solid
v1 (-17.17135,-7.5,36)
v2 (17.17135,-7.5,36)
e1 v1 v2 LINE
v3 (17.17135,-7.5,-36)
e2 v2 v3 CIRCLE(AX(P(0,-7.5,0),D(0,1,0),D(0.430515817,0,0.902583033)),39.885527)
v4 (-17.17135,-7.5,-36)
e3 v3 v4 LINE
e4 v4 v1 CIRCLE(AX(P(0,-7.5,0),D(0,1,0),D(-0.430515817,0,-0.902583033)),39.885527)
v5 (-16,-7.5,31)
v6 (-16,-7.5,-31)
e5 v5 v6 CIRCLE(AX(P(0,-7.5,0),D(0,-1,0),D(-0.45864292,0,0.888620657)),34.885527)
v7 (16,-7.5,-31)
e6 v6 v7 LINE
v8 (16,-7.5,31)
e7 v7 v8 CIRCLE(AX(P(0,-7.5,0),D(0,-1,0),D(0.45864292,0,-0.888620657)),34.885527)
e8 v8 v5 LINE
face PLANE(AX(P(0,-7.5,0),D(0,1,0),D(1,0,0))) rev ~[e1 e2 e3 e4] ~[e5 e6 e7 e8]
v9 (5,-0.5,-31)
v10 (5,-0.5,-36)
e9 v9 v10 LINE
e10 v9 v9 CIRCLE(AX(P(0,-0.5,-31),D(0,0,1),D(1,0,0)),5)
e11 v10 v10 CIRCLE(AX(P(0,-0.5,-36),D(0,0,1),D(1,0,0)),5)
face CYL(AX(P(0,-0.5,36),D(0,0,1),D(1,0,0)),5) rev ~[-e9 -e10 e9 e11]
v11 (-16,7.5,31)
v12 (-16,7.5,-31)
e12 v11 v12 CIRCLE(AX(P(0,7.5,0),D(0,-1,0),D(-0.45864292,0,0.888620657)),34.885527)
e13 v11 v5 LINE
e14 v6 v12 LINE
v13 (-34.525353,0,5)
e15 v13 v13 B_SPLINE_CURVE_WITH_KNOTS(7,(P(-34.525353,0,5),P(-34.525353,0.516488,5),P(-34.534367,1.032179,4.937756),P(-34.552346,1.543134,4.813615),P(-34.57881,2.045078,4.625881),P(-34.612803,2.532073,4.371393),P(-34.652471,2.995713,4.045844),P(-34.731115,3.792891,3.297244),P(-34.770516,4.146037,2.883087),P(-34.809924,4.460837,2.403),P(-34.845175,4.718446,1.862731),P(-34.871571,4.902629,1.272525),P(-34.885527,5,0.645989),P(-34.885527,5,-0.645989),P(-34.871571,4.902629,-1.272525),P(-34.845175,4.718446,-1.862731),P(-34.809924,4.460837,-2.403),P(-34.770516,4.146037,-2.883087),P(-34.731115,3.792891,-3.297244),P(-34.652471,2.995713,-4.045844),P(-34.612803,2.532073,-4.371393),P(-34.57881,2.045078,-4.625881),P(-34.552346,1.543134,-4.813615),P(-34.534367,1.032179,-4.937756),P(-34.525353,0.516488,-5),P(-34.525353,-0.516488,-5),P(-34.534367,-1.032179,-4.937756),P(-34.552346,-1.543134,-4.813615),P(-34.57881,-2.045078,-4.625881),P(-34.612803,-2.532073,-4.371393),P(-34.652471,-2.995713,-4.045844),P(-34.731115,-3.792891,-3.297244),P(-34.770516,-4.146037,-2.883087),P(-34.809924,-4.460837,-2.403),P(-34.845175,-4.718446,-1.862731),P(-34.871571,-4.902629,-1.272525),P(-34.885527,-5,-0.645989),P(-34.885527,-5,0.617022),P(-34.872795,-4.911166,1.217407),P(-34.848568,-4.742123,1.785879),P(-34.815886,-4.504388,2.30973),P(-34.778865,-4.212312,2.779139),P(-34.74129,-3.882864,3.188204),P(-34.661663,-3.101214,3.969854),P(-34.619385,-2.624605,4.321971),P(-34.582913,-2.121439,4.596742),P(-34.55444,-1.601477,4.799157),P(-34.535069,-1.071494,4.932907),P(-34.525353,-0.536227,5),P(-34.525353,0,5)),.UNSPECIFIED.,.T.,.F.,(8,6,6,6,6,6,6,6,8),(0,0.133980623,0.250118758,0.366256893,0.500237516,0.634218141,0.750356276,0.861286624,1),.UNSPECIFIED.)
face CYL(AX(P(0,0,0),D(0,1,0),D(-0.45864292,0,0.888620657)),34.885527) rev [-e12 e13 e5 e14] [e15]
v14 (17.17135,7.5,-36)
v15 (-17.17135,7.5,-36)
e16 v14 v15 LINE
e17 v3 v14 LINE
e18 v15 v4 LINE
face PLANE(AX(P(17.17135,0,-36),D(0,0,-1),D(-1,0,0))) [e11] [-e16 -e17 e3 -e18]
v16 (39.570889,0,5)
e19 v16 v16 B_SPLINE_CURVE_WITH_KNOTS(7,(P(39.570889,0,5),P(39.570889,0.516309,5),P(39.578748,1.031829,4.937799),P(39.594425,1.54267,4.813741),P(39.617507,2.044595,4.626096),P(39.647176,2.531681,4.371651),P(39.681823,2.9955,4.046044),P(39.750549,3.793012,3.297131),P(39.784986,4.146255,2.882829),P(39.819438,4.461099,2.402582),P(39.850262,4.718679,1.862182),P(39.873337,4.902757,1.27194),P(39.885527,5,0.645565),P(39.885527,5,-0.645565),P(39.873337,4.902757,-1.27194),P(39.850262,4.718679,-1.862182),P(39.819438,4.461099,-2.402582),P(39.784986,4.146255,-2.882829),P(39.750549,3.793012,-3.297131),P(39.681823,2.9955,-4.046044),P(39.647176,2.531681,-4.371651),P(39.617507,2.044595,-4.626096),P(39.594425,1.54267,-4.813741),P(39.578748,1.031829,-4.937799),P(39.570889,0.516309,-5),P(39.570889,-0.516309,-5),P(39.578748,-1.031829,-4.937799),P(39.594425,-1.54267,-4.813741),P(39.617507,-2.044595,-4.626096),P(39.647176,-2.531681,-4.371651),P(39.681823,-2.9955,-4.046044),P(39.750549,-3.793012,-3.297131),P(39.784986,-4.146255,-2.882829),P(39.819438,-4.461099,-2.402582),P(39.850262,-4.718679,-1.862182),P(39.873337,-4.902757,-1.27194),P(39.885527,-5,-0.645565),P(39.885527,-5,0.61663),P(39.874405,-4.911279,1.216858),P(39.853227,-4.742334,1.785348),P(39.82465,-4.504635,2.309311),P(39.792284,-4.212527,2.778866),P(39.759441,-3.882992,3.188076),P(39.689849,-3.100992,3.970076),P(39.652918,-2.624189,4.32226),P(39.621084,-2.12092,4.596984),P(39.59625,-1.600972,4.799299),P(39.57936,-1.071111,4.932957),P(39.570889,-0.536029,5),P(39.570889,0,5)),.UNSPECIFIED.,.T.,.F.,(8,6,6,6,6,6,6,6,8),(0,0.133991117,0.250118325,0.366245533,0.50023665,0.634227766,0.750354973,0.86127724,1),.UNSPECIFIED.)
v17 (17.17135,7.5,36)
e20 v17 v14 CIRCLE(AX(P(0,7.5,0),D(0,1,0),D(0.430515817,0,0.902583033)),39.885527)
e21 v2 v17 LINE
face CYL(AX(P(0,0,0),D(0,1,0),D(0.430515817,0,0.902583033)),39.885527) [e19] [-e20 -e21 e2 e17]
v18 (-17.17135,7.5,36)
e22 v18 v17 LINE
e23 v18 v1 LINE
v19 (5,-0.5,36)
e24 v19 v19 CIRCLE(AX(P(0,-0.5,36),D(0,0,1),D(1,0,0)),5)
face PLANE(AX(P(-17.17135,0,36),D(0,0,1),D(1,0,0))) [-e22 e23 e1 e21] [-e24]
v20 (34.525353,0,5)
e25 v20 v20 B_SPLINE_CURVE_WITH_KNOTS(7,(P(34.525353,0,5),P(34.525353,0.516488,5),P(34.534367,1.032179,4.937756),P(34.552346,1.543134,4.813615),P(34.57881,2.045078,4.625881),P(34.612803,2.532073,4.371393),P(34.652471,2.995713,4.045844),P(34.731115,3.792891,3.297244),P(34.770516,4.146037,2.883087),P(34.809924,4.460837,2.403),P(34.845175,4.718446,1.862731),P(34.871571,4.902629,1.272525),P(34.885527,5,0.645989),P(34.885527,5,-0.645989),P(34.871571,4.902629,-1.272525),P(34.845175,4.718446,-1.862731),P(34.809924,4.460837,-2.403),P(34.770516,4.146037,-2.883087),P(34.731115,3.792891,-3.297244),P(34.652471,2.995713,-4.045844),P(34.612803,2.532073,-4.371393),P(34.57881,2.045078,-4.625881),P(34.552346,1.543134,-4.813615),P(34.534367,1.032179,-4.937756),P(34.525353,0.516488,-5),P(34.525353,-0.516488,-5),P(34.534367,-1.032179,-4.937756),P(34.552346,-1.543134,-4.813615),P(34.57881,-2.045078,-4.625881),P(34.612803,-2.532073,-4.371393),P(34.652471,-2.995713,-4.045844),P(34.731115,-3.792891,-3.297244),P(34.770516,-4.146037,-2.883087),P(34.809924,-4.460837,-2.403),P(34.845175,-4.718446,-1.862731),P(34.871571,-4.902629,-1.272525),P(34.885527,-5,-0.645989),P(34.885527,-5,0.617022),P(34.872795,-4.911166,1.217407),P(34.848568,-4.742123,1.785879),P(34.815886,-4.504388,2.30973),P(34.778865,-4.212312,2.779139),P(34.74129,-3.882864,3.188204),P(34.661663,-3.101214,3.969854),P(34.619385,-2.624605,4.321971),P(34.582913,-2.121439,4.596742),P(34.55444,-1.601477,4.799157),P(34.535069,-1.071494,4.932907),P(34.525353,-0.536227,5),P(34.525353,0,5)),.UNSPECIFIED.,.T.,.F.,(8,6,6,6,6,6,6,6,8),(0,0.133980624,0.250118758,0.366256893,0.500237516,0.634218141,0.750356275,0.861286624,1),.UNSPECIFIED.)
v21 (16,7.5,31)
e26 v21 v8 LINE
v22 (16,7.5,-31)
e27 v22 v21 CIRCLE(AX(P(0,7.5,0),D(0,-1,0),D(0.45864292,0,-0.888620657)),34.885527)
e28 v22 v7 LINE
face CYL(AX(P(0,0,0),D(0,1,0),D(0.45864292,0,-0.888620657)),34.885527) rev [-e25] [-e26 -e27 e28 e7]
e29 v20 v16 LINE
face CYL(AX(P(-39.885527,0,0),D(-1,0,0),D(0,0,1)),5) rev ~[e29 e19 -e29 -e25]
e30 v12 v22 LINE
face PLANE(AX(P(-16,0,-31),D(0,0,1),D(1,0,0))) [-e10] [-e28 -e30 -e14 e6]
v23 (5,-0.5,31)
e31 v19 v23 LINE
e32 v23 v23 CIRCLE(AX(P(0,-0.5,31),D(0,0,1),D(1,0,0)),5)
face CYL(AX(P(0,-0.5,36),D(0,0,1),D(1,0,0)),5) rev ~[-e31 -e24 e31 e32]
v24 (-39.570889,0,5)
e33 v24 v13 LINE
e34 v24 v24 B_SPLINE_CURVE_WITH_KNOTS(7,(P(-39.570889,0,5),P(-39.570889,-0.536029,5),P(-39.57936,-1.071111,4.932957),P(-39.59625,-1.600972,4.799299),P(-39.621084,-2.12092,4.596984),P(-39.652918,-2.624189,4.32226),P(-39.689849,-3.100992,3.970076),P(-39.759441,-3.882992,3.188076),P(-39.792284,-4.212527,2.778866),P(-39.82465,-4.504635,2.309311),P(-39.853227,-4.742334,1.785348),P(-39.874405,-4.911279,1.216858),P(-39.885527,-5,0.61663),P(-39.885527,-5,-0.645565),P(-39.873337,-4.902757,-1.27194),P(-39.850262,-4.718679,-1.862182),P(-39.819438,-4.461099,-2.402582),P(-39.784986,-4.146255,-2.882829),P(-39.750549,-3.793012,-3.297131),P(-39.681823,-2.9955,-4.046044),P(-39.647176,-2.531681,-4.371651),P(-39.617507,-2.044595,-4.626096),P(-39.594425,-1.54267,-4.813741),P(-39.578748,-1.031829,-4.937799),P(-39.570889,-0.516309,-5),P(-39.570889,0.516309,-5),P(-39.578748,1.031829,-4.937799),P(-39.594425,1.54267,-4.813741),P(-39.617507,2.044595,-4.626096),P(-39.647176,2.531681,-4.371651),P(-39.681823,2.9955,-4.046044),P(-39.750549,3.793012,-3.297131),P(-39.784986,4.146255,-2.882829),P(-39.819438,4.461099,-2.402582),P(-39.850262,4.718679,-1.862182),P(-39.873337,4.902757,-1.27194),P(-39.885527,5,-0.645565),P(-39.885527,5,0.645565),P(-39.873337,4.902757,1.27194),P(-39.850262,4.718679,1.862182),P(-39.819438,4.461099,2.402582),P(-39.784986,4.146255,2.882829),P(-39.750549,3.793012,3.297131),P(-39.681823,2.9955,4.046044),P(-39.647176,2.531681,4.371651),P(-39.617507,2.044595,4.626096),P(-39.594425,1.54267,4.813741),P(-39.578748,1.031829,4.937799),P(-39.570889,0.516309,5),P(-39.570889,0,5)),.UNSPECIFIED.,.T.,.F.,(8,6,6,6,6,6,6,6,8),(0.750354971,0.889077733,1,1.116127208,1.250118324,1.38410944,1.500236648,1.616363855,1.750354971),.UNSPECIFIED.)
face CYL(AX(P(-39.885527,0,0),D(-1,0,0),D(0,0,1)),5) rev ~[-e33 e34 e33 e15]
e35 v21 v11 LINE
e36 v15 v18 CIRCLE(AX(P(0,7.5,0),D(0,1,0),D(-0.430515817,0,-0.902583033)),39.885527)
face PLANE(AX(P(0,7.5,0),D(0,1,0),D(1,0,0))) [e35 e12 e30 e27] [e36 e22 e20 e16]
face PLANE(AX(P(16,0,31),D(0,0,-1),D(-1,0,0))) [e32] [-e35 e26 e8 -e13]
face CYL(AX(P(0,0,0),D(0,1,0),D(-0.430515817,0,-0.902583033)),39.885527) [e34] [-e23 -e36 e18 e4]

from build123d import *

# Parameters (mm, degrees)
BOSS_EXTRUDE1_DEPTH     = 7.5
CUT_EXTRUDE1_REACH      = 84.651
SKETCH2_R               = 5
CUT_EXTRUDE2_REACH      = 89.839
CUT_EXTRUDE2_END_RADIUS = 39.885527085
SKETCH3_R               = 5


with BuildPart() as part:
    # Sketch1 → Boss-Extrude1 (new, symmetric)
    with BuildSketch(Plane(origin=(0, 0, 0), x_dir=(1, 0, 0), z_dir=(0, 1, 0))):
        with BuildLine():
            Line((-17.171350292, -36), (17.171350292, -36))
            ThreePointArc((17.171350292, -36), (39.885527085, 0), (17.171350292, 36))
            Line((17.171350292, 36), (-17.171350292, 36))
            ThreePointArc((-17.171350292, 36), (-39.885527085, 0), (-17.171350292, -36))
        make_face()
        with BuildLine():
            Line((-16, 31), (16, 31))
            ThreePointArc((16, 31), (34.885527085, 0), (16, -31))
            Line((16, -31), (-16, -31))
            ThreePointArc((-16, -31), (-34.885527085, 0), (-16, 31))
        make_face(mode=Mode.SUBTRACT)
    extrude(amount=BOSS_EXTRUDE1_DEPTH, both=True)

    # Cut-Extrude1: up to this face of the body (flat: up to its plane)
    cut_extrude1_end = Plane(part.part.faces().sort_by_distance((0, 0, -36))[0])
    # Sketch2 → Cut-Extrude1 (cut, up to the picked face)
    with BuildSketch(Plane.XY.offset(36), mode=Mode.PRIVATE) as cut_extrude1_sk1:
        with Locations((0, -0.5)):
            Circle(SKETCH2_R)
    cut_extrude1_tool1 = split(extrude(cut_extrude1_sk1.sketch, amount=-CUT_EXTRUDE1_REACH, mode=Mode.PRIVATE), bisect_by=cut_extrude1_end, keep=Keep.BOTH, mode=Mode.PRIVATE)
    add(cut_extrude1_tool1.solids().sort_by(Axis((0, -0.5, 36), (0, 0, -1)))[0], mode=Mode.SUBTRACT)

    # Cut-Extrude2: up to this cylinder (the profile starts inside it)
    cut_extrude2_end = Plane(origin=(0, 0, 0), z_dir=(0, -1, 0)) * Cylinder(CUT_EXTRUDE2_END_RADIUS, 260.44905417, mode=Mode.PRIVATE)
    # Sketch3 → Cut-Extrude2 (cut, up to the surface)
    with BuildSketch(Plane.ZY.offset(39.885527085), mode=Mode.PRIVATE) as cut_extrude2_sk1:
        Circle(SKETCH3_R)
    cut_extrude2_tool1 = extrude(cut_extrude2_sk1.sketch, amount=-CUT_EXTRUDE2_REACH, mode=Mode.PRIVATE) & cut_extrude2_end
    add(cut_extrude2_tool1.solids().sort_by_distance((-39.885527, 0, 0))[0], mode=Mode.SUBTRACT)


solid = part.part
